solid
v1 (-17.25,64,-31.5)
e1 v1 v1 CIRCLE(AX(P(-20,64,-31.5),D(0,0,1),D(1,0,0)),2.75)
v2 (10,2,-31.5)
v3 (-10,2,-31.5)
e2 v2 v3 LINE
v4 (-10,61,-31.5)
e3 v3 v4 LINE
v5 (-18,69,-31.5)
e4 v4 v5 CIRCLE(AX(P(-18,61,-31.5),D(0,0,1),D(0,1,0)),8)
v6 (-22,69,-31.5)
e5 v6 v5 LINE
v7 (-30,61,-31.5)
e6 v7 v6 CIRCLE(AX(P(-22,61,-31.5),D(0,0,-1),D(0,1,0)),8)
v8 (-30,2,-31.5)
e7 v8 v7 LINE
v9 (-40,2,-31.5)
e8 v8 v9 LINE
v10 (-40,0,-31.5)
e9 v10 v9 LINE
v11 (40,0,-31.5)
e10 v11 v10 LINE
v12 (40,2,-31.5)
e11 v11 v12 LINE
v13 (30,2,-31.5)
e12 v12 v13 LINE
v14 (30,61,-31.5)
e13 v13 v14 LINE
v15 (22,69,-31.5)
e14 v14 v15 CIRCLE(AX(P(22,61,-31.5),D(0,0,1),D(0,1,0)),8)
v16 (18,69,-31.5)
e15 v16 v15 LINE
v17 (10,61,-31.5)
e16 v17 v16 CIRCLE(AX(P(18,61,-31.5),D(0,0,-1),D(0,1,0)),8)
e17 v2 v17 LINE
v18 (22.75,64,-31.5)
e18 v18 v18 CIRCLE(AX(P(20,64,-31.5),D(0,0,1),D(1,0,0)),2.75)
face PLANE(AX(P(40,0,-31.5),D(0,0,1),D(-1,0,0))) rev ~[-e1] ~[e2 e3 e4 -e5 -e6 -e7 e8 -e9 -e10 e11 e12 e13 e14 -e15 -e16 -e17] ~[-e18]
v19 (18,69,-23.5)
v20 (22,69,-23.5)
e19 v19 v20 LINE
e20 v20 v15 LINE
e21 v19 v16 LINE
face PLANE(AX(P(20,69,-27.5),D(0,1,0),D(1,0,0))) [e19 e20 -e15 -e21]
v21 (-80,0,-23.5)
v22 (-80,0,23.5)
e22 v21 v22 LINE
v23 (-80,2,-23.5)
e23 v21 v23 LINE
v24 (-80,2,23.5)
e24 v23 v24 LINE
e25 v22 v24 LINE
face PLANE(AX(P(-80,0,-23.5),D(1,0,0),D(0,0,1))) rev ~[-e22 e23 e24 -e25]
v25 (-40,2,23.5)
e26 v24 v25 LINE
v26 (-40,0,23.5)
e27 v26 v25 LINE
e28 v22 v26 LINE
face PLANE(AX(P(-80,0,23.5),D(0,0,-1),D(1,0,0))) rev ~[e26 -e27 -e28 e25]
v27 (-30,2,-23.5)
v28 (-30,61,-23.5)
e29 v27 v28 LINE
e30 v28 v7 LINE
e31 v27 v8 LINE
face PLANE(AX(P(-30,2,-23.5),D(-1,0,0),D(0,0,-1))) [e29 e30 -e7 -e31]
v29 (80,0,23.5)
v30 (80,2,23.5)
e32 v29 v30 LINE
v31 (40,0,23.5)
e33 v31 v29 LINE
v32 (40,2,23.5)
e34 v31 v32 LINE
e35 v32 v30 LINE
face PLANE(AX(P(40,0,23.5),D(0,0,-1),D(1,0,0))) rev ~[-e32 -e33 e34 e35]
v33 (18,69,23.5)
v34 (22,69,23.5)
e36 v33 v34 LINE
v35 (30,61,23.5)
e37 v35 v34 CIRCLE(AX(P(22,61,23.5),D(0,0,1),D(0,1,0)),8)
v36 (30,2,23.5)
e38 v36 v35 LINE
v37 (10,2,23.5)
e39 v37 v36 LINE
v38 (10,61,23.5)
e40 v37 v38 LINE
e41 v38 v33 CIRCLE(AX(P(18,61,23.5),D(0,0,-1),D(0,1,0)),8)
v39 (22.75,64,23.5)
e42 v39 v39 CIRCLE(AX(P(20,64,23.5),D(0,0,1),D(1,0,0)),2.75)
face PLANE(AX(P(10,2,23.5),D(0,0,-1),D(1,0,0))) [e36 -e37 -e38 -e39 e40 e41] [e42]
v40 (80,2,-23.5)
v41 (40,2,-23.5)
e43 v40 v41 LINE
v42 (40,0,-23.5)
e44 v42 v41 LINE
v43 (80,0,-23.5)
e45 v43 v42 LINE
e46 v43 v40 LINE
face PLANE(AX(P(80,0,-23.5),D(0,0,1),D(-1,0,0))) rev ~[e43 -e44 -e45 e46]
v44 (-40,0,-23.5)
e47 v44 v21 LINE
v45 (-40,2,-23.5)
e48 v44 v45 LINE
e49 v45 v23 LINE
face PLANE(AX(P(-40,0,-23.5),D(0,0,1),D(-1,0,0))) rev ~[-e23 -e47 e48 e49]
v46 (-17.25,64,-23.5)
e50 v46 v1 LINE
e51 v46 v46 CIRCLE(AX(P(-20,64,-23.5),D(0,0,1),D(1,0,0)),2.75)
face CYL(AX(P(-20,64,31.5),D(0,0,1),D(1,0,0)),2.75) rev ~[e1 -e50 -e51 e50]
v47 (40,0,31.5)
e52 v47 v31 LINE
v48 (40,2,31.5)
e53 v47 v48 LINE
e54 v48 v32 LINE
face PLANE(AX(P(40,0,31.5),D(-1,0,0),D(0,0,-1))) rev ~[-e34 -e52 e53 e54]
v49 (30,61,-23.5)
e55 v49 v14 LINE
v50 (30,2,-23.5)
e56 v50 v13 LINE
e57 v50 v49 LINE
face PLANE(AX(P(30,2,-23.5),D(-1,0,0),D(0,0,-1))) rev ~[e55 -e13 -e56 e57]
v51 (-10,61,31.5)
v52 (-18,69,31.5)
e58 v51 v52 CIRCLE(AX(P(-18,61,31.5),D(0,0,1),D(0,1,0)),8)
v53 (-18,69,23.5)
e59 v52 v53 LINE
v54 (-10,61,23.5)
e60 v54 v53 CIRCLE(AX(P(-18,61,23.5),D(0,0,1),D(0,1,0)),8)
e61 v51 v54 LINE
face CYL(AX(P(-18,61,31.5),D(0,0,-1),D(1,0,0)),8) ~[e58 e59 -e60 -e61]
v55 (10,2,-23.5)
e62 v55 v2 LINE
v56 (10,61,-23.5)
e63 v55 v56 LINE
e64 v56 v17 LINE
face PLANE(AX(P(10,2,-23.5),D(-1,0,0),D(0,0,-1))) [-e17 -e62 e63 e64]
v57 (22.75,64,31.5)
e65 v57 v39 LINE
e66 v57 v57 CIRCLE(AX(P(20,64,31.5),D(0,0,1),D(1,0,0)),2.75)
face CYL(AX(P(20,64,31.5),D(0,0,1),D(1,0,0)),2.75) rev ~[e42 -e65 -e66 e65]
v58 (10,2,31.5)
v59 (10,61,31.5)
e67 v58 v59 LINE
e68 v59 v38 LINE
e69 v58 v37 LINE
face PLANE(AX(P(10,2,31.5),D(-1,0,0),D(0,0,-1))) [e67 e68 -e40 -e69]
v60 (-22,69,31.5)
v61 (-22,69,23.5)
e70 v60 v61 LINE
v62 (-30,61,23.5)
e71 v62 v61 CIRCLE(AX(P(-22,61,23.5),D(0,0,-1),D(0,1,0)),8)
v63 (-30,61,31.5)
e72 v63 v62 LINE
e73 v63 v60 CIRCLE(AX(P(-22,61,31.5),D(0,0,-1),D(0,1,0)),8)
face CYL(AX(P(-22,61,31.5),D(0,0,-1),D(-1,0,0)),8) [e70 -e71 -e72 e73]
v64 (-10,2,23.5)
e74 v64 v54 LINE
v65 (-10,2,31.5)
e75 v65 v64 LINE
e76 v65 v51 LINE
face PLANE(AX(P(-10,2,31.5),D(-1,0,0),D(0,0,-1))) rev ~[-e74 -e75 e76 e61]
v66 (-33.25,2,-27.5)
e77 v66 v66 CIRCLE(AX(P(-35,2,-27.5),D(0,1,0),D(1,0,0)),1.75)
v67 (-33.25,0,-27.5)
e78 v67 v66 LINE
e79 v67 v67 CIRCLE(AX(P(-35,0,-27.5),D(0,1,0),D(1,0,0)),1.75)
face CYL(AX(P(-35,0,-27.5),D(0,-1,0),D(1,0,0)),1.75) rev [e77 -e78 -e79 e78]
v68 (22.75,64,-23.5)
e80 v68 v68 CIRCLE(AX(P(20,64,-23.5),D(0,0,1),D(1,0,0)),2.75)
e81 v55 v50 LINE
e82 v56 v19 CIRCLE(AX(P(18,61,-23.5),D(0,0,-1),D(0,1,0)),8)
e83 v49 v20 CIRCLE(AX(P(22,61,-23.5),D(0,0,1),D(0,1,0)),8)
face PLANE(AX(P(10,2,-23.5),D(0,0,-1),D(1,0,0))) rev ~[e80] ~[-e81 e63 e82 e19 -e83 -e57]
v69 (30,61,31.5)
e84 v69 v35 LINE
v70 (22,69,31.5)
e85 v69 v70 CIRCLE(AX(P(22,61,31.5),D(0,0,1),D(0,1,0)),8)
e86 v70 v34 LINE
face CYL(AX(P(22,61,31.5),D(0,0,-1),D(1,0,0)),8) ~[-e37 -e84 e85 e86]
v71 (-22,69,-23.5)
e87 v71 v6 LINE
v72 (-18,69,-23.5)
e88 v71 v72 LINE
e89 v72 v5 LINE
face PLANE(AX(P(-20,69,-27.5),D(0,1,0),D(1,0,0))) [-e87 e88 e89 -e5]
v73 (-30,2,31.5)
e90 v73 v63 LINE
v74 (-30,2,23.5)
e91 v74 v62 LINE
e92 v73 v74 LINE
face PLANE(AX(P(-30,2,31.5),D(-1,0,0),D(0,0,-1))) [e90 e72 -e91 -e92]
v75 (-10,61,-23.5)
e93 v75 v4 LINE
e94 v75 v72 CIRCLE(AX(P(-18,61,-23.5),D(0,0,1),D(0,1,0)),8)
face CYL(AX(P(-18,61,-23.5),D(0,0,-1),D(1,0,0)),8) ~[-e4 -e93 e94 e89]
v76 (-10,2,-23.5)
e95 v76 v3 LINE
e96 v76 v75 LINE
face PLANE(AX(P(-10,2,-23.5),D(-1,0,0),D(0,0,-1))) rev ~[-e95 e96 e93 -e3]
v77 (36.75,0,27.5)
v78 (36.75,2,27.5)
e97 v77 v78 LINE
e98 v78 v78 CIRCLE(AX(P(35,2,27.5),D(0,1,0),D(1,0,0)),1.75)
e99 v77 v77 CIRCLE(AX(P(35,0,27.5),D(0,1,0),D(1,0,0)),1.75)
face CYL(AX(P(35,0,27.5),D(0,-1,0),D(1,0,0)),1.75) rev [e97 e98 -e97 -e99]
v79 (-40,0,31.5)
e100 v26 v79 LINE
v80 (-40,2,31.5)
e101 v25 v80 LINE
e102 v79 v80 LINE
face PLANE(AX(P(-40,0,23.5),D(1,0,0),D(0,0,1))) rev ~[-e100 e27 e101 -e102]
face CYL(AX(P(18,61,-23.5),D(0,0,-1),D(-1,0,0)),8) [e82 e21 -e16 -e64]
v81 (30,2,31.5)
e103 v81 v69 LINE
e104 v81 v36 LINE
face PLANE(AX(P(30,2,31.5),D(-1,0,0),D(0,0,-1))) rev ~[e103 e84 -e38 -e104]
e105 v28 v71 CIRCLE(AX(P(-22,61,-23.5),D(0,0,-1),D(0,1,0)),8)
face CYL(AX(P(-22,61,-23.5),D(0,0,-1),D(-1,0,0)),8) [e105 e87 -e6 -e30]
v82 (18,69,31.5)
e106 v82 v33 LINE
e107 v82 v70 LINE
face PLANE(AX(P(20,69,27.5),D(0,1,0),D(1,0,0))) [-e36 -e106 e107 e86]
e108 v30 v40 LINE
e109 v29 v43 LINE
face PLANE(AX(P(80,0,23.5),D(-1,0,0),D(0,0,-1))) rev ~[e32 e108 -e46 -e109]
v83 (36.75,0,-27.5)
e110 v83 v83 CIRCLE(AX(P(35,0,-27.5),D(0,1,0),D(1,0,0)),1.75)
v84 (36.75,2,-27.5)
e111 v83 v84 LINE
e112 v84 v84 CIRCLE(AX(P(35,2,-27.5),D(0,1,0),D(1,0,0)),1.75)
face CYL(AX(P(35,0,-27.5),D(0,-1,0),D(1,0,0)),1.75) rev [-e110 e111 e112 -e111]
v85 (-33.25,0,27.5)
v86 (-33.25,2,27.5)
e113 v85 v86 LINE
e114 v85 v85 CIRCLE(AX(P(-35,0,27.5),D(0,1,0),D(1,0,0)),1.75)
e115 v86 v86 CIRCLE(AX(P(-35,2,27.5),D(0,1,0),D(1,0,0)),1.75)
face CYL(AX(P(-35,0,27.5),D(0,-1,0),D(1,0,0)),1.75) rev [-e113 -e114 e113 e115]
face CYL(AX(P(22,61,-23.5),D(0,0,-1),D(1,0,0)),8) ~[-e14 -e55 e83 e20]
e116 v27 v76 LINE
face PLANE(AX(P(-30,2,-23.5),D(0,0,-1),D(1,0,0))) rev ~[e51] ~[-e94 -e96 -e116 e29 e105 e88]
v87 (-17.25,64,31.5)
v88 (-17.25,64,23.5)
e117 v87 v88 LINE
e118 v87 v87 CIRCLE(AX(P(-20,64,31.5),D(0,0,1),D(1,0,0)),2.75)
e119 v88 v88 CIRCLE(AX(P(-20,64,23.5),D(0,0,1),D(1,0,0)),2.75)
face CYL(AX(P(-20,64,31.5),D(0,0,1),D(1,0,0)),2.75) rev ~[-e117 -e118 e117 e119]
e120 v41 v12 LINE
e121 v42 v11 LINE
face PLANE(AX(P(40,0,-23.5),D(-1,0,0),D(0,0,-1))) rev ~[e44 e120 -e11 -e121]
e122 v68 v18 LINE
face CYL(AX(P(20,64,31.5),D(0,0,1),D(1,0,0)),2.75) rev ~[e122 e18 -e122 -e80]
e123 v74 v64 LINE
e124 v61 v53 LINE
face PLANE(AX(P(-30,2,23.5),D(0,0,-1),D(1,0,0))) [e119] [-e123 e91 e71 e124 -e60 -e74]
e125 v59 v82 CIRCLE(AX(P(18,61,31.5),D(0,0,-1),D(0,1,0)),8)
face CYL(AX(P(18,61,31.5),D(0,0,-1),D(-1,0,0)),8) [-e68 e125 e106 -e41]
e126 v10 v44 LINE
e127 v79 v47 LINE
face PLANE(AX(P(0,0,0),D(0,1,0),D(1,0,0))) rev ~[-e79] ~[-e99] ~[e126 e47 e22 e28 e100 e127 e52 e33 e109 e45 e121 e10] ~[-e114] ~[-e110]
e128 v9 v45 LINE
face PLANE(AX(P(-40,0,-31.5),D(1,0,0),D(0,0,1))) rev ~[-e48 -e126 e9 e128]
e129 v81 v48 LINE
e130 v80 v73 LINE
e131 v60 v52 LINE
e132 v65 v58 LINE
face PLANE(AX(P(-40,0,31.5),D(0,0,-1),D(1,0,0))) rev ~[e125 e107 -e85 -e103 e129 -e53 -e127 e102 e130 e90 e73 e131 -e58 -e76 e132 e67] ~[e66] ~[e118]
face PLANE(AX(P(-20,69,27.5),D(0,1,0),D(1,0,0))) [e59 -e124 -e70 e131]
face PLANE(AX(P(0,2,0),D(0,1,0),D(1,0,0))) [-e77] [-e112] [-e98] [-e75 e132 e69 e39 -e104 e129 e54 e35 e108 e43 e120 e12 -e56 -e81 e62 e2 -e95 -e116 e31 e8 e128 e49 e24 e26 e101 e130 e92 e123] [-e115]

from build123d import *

# Parameters (mm, degrees)
SKETCH_1_R               = 1.75
EXTRUDE_1_DEPTH          = 2
SKETCH_2_W               = 20
SKETCH_2_H               = 8
EXTRUDE_2_DEPTH          = 67
SKETCH_3_R               = 2.75
CUT_EXTRUDE_1_DEPTH      = 1
CUT_EXTRUDE_1_DEPTH_BACK = 64
FILLET_1_R               = 8


with BuildPart() as part:
    # Эскиз1 → Бобышка-Вытянуть1 (new body)
    with BuildSketch(Plane(origin=(0, 0, 0), x_dir=(1, 0, 0), z_dir=(0, 1, 0))):
        Polygon((-80, -23.5), (-40, -23.5), (-40, -31.5), (40, -31.5), (40, -23.5), (80, -23.5), (80, 23.5), (40, 23.5), (40, 31.5), (-40, 31.5), (-40, 23.5), (-80, 23.5), align=None)
        with Locations((-35, 27.5)):
            Circle(SKETCH_1_R, mode=Mode.SUBTRACT)
        with Locations((35, 27.5)):
            Circle(SKETCH_1_R, mode=Mode.SUBTRACT)
        with Locations((35, -27.5)):
            Circle(SKETCH_1_R, mode=Mode.SUBTRACT)
        with Locations((-35, -27.5)):
            Circle(SKETCH_1_R, mode=Mode.SUBTRACT)
    extrude(amount=EXTRUDE_1_DEPTH)

    # Эскиз2 → Бобышка-Вытянуть2 (add)
    with BuildSketch(Plane(origin=(0, 2, 0), x_dir=(1, 0, 0), z_dir=(0, 1, 0))):
        with Locations((20, -27.5)):
            Rectangle(SKETCH_2_W, SKETCH_2_H)
        with Locations((-20, -27.5)):
            Rectangle(SKETCH_2_W, SKETCH_2_H)
        with Locations((20, 27.5)):
            Rectangle(SKETCH_2_W, SKETCH_2_H)
        with Locations((-20, 27.5)):
            Rectangle(SKETCH_2_W, SKETCH_2_H)
    extrude(amount=EXTRUDE_2_DEPTH)

    # Эскиз3 → Вырез-Вытянуть1 (cut, two sides)
    with BuildSketch(Plane.XY.offset(31.5)) as cut_extrude_1_sk:
        with Locations((-20, 64)):
            Circle(SKETCH_3_R)
        with Locations((20, 64)):
            Circle(SKETCH_3_R)
    extrude(amount=CUT_EXTRUDE_1_DEPTH, mode=Mode.SUBTRACT)
    extrude(cut_extrude_1_sk.sketch, amount=-CUT_EXTRUDE_1_DEPTH_BACK, mode=Mode.SUBTRACT)

    # Скругление1
    fillet_1_edges = [part.edges().sort_by_distance(p)[0] for p in [
        (-30, 69, 27.5),
        (-10, 69, 27.5),
        (30, 69, 27.5),
        (10, 69, 27.5),
        (10, 69, -27.5),
        (30, 69, -27.5),
        (-30, 69, -27.5),
        (-10, 69, -27.5),
    ]]
    fillet(fillet_1_edges, radius=FILLET_1_R)


solid = part.part
